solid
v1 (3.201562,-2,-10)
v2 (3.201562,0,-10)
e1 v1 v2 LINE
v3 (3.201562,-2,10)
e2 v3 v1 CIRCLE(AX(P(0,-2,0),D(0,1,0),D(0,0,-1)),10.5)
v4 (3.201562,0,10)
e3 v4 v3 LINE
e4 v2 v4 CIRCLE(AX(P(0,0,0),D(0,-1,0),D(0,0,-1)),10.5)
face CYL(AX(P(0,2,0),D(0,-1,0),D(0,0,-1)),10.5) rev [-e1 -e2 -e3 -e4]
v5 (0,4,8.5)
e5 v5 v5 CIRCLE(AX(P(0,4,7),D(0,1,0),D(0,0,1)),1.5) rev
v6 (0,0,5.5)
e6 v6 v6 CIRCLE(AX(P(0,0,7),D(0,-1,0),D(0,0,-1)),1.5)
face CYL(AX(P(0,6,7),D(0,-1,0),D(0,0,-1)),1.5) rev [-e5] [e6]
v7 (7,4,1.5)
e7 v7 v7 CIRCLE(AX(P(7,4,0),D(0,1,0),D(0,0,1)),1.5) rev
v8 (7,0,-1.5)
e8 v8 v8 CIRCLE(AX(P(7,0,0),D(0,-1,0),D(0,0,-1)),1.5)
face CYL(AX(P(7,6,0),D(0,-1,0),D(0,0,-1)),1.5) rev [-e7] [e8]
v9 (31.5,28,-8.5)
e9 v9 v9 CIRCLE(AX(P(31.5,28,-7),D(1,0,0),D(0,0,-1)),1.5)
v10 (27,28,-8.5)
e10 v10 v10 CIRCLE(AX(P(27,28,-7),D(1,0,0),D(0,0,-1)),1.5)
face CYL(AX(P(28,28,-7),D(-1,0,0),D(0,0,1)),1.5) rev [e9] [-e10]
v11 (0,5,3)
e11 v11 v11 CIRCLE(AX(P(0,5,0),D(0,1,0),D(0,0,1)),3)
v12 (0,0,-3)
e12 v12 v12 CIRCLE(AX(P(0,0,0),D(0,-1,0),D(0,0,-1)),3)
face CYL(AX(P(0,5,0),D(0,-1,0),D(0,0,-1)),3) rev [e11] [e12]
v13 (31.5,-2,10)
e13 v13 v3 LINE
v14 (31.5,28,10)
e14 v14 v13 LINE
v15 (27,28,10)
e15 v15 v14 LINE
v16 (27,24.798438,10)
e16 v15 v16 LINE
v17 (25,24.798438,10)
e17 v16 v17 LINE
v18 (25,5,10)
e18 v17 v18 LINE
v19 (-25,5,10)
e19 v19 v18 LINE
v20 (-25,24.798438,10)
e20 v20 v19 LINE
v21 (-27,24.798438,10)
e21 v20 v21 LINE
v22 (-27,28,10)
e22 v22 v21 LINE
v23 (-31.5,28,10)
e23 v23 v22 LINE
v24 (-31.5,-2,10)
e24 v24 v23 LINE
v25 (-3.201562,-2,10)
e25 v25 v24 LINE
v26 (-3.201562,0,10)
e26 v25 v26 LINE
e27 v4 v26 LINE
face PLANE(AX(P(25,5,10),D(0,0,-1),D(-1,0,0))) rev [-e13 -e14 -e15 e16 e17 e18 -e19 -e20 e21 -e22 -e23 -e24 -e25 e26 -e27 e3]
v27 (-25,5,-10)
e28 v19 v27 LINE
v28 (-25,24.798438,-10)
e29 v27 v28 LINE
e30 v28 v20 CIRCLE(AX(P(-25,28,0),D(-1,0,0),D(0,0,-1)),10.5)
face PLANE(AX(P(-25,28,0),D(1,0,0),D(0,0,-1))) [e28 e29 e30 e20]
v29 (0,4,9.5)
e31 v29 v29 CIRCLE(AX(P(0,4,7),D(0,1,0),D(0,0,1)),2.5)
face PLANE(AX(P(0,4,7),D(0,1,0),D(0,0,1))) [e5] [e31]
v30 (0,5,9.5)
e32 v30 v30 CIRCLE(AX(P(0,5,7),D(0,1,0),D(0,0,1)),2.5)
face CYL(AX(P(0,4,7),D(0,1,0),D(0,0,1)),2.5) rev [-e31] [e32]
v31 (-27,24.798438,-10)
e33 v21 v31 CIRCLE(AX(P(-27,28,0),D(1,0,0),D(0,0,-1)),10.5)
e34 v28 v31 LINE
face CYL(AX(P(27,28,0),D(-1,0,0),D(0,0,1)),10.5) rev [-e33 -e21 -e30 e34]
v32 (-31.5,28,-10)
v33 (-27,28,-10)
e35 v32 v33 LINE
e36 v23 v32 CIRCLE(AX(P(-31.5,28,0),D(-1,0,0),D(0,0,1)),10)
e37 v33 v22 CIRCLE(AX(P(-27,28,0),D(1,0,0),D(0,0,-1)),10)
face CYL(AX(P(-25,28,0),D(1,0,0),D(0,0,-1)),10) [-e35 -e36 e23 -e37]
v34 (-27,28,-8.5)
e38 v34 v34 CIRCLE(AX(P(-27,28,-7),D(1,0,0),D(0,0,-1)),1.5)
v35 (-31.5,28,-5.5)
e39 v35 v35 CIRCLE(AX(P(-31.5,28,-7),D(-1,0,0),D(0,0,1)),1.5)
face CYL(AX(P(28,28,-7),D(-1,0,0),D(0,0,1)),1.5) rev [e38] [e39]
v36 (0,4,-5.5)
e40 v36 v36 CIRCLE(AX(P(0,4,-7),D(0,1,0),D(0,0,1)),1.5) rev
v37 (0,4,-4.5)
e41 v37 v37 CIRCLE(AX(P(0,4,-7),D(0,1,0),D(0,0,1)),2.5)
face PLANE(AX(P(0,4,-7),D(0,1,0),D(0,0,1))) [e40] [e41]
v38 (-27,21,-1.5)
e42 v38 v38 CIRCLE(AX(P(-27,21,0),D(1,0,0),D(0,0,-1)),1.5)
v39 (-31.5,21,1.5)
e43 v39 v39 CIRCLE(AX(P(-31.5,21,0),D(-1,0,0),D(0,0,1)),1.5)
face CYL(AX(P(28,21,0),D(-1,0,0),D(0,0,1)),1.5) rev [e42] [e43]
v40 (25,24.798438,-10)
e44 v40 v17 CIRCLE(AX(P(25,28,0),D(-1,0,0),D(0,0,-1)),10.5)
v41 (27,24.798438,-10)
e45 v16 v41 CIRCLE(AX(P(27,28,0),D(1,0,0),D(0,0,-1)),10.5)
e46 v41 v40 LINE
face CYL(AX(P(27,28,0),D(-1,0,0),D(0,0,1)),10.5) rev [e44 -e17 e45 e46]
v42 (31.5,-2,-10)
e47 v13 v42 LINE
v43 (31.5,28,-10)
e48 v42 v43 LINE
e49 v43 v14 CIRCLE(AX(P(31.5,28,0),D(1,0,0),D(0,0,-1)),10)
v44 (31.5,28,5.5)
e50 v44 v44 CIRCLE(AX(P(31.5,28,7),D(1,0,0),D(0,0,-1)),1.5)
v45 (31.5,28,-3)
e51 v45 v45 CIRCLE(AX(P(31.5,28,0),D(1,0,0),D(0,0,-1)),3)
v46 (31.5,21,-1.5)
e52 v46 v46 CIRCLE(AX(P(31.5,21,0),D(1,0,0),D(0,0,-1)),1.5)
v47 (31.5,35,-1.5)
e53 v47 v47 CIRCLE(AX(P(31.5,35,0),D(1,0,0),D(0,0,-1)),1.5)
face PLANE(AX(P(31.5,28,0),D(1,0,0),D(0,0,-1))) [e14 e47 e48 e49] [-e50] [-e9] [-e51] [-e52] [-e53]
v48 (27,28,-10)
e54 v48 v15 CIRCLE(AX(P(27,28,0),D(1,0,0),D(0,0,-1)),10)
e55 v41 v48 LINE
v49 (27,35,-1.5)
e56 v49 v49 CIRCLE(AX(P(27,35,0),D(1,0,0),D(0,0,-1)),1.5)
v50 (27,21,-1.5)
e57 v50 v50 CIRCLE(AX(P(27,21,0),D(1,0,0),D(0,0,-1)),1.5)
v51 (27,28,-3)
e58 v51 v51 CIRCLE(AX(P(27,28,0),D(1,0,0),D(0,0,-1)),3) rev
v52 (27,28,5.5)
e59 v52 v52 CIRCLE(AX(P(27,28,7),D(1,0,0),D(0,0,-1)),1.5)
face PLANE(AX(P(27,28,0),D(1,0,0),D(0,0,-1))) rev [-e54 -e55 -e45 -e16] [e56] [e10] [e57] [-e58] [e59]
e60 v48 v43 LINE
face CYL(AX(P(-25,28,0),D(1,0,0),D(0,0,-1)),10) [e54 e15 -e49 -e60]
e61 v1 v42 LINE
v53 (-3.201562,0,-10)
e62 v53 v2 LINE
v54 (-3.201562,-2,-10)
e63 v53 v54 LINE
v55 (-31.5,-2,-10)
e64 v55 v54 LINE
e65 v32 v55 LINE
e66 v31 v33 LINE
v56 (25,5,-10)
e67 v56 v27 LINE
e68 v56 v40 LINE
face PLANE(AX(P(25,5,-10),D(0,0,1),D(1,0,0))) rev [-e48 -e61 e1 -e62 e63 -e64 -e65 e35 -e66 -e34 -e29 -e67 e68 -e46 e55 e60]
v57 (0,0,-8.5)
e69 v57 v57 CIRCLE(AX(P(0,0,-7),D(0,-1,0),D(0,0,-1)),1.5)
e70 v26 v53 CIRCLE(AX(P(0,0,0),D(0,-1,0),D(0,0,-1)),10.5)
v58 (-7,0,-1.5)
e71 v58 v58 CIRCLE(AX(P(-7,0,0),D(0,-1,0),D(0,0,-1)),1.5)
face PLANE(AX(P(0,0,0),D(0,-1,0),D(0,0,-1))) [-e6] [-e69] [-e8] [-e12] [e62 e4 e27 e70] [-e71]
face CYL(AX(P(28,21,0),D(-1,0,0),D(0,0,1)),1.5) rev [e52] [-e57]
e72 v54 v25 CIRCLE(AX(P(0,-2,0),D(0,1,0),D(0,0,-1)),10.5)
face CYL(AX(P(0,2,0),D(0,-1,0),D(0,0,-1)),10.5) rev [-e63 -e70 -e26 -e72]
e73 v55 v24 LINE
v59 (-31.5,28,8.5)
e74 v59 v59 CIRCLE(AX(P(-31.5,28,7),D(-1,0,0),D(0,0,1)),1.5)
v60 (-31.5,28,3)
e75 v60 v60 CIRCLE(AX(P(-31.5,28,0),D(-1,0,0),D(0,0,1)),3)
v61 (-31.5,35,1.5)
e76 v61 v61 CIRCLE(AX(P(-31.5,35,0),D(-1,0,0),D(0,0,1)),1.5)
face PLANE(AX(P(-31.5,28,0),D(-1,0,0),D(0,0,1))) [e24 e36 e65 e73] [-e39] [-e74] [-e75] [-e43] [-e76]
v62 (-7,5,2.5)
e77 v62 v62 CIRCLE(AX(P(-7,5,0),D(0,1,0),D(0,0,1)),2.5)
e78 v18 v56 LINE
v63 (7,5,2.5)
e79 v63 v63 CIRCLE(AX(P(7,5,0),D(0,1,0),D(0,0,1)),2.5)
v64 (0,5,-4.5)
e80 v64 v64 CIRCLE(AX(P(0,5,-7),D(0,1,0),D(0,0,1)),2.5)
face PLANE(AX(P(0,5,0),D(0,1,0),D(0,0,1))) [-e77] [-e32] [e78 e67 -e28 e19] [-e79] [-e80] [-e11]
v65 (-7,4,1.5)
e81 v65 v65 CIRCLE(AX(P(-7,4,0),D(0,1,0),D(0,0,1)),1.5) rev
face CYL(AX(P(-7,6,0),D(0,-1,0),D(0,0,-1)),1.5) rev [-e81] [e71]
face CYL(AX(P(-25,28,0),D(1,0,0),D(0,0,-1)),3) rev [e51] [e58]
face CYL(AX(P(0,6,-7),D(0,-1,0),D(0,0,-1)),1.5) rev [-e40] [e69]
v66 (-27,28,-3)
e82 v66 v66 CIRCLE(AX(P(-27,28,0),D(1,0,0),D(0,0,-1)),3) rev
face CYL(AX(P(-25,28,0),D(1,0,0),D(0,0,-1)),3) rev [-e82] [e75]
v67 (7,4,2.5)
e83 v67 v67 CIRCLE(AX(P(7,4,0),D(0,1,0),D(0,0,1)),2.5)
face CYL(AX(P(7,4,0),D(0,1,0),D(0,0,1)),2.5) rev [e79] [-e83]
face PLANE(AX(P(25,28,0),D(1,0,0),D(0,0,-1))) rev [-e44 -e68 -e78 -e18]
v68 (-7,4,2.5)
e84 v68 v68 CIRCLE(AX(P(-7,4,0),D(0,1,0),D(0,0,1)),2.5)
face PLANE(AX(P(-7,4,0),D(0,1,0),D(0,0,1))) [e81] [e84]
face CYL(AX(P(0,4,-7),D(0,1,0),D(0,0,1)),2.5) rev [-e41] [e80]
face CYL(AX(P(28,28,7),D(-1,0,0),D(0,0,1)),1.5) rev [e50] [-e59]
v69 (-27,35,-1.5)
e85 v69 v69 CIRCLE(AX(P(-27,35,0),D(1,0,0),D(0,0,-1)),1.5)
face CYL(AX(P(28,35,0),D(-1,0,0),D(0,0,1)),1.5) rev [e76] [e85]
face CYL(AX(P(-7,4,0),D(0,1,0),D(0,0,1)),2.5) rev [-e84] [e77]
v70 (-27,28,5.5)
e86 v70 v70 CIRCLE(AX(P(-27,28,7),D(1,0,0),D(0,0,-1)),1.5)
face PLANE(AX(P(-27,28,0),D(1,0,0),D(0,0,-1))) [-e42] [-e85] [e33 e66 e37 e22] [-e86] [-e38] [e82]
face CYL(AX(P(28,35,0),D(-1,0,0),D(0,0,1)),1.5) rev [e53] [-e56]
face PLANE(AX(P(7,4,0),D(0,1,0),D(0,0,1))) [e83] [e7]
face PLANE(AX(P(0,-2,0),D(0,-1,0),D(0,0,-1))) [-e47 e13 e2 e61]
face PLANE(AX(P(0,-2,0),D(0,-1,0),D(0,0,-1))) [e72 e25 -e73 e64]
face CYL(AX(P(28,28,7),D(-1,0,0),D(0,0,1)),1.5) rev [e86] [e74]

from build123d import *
from build123d.topology import SkipClean

# Parameters (mm, degrees)
CROQUIS1_W                  = 50
CROQUIS1_H                  = 20
CROQUIS1_R                  = 3
SALIENTE_EXTRUIR1_DEPTH     = 5
CROQUIS2_R                  = 10.5
CORTAR_EXTRUIR7_DEPTH       = 2
CROQUIS7_R                  = 1.5
CORTAR_EXTRUIR8_DEPTH       = 4
CROQUIS8_R                  = 2.5
CORTAR_EXTRUIR9_DEPTH       = 1
CROQUIS9_W                  = 5
CROQUIS9_H                  = 20
SALIENTE_EXTRUIR3_DEPTH     = 33
CROQUIS10_R                 = 3
CORTAR_EXTRUIR10_DEPTH      = 50
CORTAR_EXTRUIR11_DEPTH      = 42
CORTAR_EXTRUIR11_DEPTH_BACK = 2
CROQUIS11_R                 = 10.5
CORTAR_EXTRUIR12_DEPTH      = 50
CORTAR_EXTRUIR12_DEPTH_BACK = 6
CROQUIS12_R                 = 1.5
SALIENTE_EXTRUIR4_START     = 5
CROQUIS13_R                 = 1.5
CROQUIS13_R_2               = 3
SALIENTE_EXTRUIR4_DEPTH     = 5
CROQUIS14_R                 = 1.5
CROQUIS14_R_2               = 3
SALIENTE_EXTRUIR5_DEPTH     = 5
CORTAR_EXTRUIR14_DEPTH      = 45
CORTAR_EXTRUIR14_DEPTH_BACK = 5
CORTAR_EXTRUIR15_DEPTH      = 49
CORTAR_EXTRUIR15_DEPTH_BACK = 5
SALIENTE_EXTRUIR6_START     = 2
SALIENTE_EXTRUIR6_DEPTH     = 2
SALIENTE_EXTRUIR7_START     = 2
CROQUIS18_R                 = 3
CROQUIS18_R_2               = 1.5
SALIENTE_EXTRUIR7_DEPTH     = 2
SALIENTE_EXTRUIR8_START     = 1.5
CROQUIS19_R                 = 1.5
CROQUIS19_R_2               = 3
SALIENTE_EXTRUIR8_DEPTH     = 1.5
CROQUIS20_R                 = 1.5
CROQUIS20_R_2               = 3
SALIENTE_EXTRUIR9_DEPTH     = 1.5


with BuildPart() as part:
    # Croquis1 → Saliente-Extruir1 (new body)
    with BuildSketch(Plane(origin=(0, 0, 0), x_dir=(1, 0, 0), z_dir=(0, 1, 0))):
        Rectangle(CROQUIS1_W, CROQUIS1_H)
        Circle(CROQUIS1_R, mode=Mode.SUBTRACT)
    extrude(amount=SALIENTE_EXTRUIR1_DEPTH)

    # Croquis2 → Cortar-Extruir7 (cut)
    with BuildSketch(Plane.XZ):
        Circle(CROQUIS2_R)
    extrude(amount=-CORTAR_EXTRUIR7_DEPTH, mode=Mode.SUBTRACT)

    # Croquis7 → Cortar-Extruir8 (cut)
    with BuildSketch(Plane.XZ.offset(-2)):
        with Locations((0, 7)):
            Circle(CROQUIS7_R)
        with Locations((7, 0)):
            Circle(CROQUIS7_R)
        with Locations((0, -7)):
            Circle(CROQUIS7_R)
        with Locations((-7, 0)):
            Circle(CROQUIS7_R)
    extrude(amount=-CORTAR_EXTRUIR8_DEPTH, mode=Mode.SUBTRACT)

    # Croquis8 → Cortar-Extruir9 (cut)
    with BuildSketch(Plane(origin=(0, 5, 0), x_dir=(1, 0, 0), z_dir=(0, 1, 0))):
        with Locations((0, 7)):
            Circle(CROQUIS8_R)
        with Locations((7, 0)):
            Circle(CROQUIS8_R)
        with Locations((0, -7)):
            Circle(CROQUIS8_R)
        with Locations((-7, 0)):
            Circle(CROQUIS8_R)
    extrude(amount=-CORTAR_EXTRUIR9_DEPTH, mode=Mode.SUBTRACT)

    # Croquis9 → Saliente-Extruir3 (add)
    with BuildSketch(Plane(origin=(0, 5, 0), x_dir=(1, 0, 0), z_dir=(0, 1, 0))):
        with Locations((22.5, 0)):
            Rectangle(CROQUIS9_W, CROQUIS9_H)
        with Locations((-22.5, 0)):
            Rectangle(CROQUIS9_W, CROQUIS9_H)
    extrude(amount=SALIENTE_EXTRUIR3_DEPTH)

    # Croquis10 → Cortar-Extruir10 (cut)
    with BuildSketch(Plane(origin=(25, 0, 0), x_dir=(0, 0, -1), z_dir=(1, 0, 0))):
        with Locations((0, 28)):
            Circle(CROQUIS10_R)
        with BuildLine():
            Line((10, 28), (21.898985217, 31.221805306))
            Line((21.898985217, 31.221805306), (12.889165909, 40.913504361))
            Line((12.889165909, 40.913504361), (-22.207421629, 40.012243034))
            Line((-22.207421629, 40.012243034), (-10, 28))
            ThreePointArc((-10, 28), (0, 38), (10, 28))
        make_face()
    extrude(amount=-CORTAR_EXTRUIR10_DEPTH, mode=Mode.SUBTRACT)

    # Croquis11 → Cortar-Extruir11 (cut, two sides: drawn at the far end of the back side and taken through both)
    with BuildSketch(Plane(origin=(-20, 0, 0), x_dir=(0, 0, -1), z_dir=(1, 0, 0)).offset(-CORTAR_EXTRUIR11_DEPTH_BACK)):
        with Locations((0, 28)):
            Circle(CROQUIS11_R)
    extrude(amount=CORTAR_EXTRUIR11_DEPTH + CORTAR_EXTRUIR11_DEPTH_BACK, mode=Mode.SUBTRACT)

    # Croquis12 → Cortar-Extruir12 (cut, two sides: drawn at the far end of the back side and taken through both)
    with BuildSketch(Plane(origin=(-22, 0, 0), x_dir=(0, 0, -1), z_dir=(1, 0, 0)).offset(-CORTAR_EXTRUIR12_DEPTH_BACK)):
        with Locations((0, 35)):
            Circle(CROQUIS12_R)
        with Locations((7, 28)):
            Circle(CROQUIS12_R)
        with Locations((0, 21)):
            Circle(CROQUIS12_R)
        with Locations((-7, 28)):
            Circle(CROQUIS12_R)
    extrude(amount=CORTAR_EXTRUIR12_DEPTH + CORTAR_EXTRUIR12_DEPTH_BACK, mode=Mode.SUBTRACT)

    # Croquis13 → Saliente-Extruir4 (add)
    with BuildSketch(Plane(origin=(25, 0, 0), x_dir=(0, 0, -1), z_dir=(1, 0, 0)).offset(SALIENTE_EXTRUIR4_START)):
        with BuildLine():
            Line((10, 0), (10, 28))
            ThreePointArc((10, 28), (0, 38), (-10, 28))
            Line((-10, 28), (-10, 0))
            Line((-10, 0), (10, 0))
        make_face()
        with Locations((-7, 28)):
            Circle(CROQUIS13_R, mode=Mode.SUBTRACT)
        with Locations((0, 28)):
            Circle(CROQUIS13_R_2, mode=Mode.SUBTRACT)
        with Locations((7, 28)):
            Circle(CROQUIS13_R, mode=Mode.SUBTRACT)
        with Locations((0, 35)):
            Circle(CROQUIS13_R, mode=Mode.SUBTRACT)
        with Locations((0, 21)):
            Circle(CROQUIS13_R, mode=Mode.SUBTRACT)
    extrude(amount=-SALIENTE_EXTRUIR4_DEPTH)

    # Croquis14 → Saliente-Extruir5 (add)
    with BuildSketch(Plane.ZY.offset(25)):
        with BuildLine():
            Line((10, 0), (10, 28))
            ThreePointArc((10, 28), (0, 38), (-10, 28))
            Line((-10, 28), (-10, 0))
            Line((-10, 0), (10, 0))
        make_face()
        with Locations((0, 21)):
            Circle(CROQUIS14_R, mode=Mode.SUBTRACT)
        with Locations((0, 28)):
            Circle(CROQUIS14_R_2, mode=Mode.SUBTRACT)
        with Locations((-7, 28)):
            Circle(CROQUIS14_R, mode=Mode.SUBTRACT)
        with Locations((0, 35)):
            Circle(CROQUIS14_R, mode=Mode.SUBTRACT)
        with Locations((7, 28)):
            Circle(CROQUIS14_R, mode=Mode.SUBTRACT)
    extrude(amount=SALIENTE_EXTRUIR5_DEPTH)

    # Croquis15 → Cortar-Extruir14 (cut, two sides: drawn at the far end of the back side and taken through both)
    with SkipClean():  # the faces are left unmerged after this step: merging them gives an invalid solid
        with BuildSketch(Plane(origin=(-20, 0, 0), x_dir=(0, 0, -1), z_dir=(1, 0, 0)).offset(-CORTAR_EXTRUIR14_DEPTH_BACK)):
            with BuildLine():
                Line((-10, 24.798437881), (-10, 5))
                Line((-10, 5), (10, 5))
                Line((10, 5), (10, 24.798437881))
                ThreePointArc((10, 24.798437881), (0, 17.5), (-10, 24.798437881))
            make_face()
        extrude(amount=CORTAR_EXTRUIR14_DEPTH + CORTAR_EXTRUIR14_DEPTH_BACK, mode=Mode.SUBTRACT)

    # Croquis16 → Cortar-Extruir15 (cut, two sides: drawn at the far end of the back side and taken through both)
    with BuildSketch(Plane(origin=(-22, 0, 0), x_dir=(0, 0, -1), z_dir=(1, 0, 0)).offset(-CORTAR_EXTRUIR15_DEPTH_BACK)):
        with BuildLine():
            Line((-10, 28), (-10, 24.798437881))
            ThreePointArc((-10, 24.798437881), (0, 17.5), (10, 24.798437881))
            Line((10, 24.798437881), (10, 28))
            ThreePointArc((10, 28), (0, 38), (-10, 28))
        make_face()
    extrude(amount=CORTAR_EXTRUIR15_DEPTH + CORTAR_EXTRUIR15_DEPTH_BACK, mode=Mode.SUBTRACT)

    # Croquis17 → Saliente-Extruir6 (add)
    with SkipClean():  # the faces are left unmerged after this step: merging them gives an invalid solid
        with BuildSketch(Plane.XZ.offset(SALIENTE_EXTRUIR6_START)):
            with BuildLine():
                Line((30, 10), (3.201562119, 10))
                ThreePointArc((3.201562119, 10), (10.5, 0), (3.201562119, -10))
                Line((3.201562119, -10), (30, -10))
                Line((30, -10), (30, 10))
            make_face()
            with BuildLine():
                Line((-30, -10), (-3.201562119, -10))
                ThreePointArc((-3.201562119, -10), (-10.5, 0), (-3.201562119, 10))
                Line((-3.201562119, 10), (-30, 10))
                Line((-30, 10), (-30, -10))
            make_face()
        extrude(amount=-SALIENTE_EXTRUIR6_DEPTH)

    # Croquis18 → Saliente-Extruir7 (add)
    with BuildSketch(Plane.XZ.offset(-2).offset(SALIENTE_EXTRUIR7_START)):
        with BuildLine():
            Line((3.201562119, 10), (-3.201562119, 10))
            ThreePointArc((-3.201562119, 10), (-10.5, 0), (-3.201562119, -10))
            Line((-3.201562119, -10), (3.201562119, -10))
            ThreePointArc((3.201562119, -10), (10.5, 0), (3.201562119, 10))
        make_face()
        Circle(CROQUIS18_R, mode=Mode.SUBTRACT)
        with Locations((7, 0)):
            Circle(CROQUIS18_R_2, mode=Mode.SUBTRACT)
        with Locations((0, 7)):
            Circle(CROQUIS18_R_2, mode=Mode.SUBTRACT)
        with Locations((-7, 0)):
            Circle(CROQUIS18_R_2, mode=Mode.SUBTRACT)
        with Locations((0, -7)):
            Circle(CROQUIS18_R_2, mode=Mode.SUBTRACT)
    extrude(amount=-SALIENTE_EXTRUIR7_DEPTH)

    # Croquis19 → Saliente-Extruir8 (add)
    with BuildSketch(Plane(origin=(30, 0, 0), x_dir=(0, 0, -1), z_dir=(1, 0, 0)).offset(SALIENTE_EXTRUIR8_START)):
        with BuildLine():
            Line((-10, 28), (-10, -2))
            Line((-10, -2), (10, -2))
            Line((10, -2), (10, 28))
            ThreePointArc((10, 28), (0, 38), (-10, 28))
        make_face()
        with Locations((7, 28)):
            Circle(CROQUIS19_R, mode=Mode.SUBTRACT)
        with Locations((0, 21)):
            Circle(CROQUIS19_R, mode=Mode.SUBTRACT)
        with Locations((0, 28)):
            Circle(CROQUIS19_R_2, mode=Mode.SUBTRACT)
        with Locations((-7, 28)):
            Circle(CROQUIS19_R, mode=Mode.SUBTRACT)
        with Locations((0, 35)):
            Circle(CROQUIS19_R, mode=Mode.SUBTRACT)
    extrude(amount=-SALIENTE_EXTRUIR8_DEPTH)

    # Croquis20 → Saliente-Extruir9 (add)
    with BuildSketch(Plane.ZY.offset(30)):
        with BuildLine():
            Line((-10, 28), (-10, -2))
            Line((-10, -2), (10, -2))
            Line((10, -2), (10, 28))
            ThreePointArc((10, 28), (0, 38), (-10, 28))
        make_face()
        with Locations((0, 21)):
            Circle(CROQUIS20_R, mode=Mode.SUBTRACT)
        with Locations((0, 28)):
            Circle(CROQUIS20_R_2, mode=Mode.SUBTRACT)
        with Locations((7, 28)):
            Circle(CROQUIS20_R, mode=Mode.SUBTRACT)
        with Locations((0, 35)):
            Circle(CROQUIS20_R, mode=Mode.SUBTRACT)
        with Locations((-7, 28)):
            Circle(CROQUIS20_R, mode=Mode.SUBTRACT)
    extrude(amount=SALIENTE_EXTRUIR9_DEPTH)


solid = part.part
